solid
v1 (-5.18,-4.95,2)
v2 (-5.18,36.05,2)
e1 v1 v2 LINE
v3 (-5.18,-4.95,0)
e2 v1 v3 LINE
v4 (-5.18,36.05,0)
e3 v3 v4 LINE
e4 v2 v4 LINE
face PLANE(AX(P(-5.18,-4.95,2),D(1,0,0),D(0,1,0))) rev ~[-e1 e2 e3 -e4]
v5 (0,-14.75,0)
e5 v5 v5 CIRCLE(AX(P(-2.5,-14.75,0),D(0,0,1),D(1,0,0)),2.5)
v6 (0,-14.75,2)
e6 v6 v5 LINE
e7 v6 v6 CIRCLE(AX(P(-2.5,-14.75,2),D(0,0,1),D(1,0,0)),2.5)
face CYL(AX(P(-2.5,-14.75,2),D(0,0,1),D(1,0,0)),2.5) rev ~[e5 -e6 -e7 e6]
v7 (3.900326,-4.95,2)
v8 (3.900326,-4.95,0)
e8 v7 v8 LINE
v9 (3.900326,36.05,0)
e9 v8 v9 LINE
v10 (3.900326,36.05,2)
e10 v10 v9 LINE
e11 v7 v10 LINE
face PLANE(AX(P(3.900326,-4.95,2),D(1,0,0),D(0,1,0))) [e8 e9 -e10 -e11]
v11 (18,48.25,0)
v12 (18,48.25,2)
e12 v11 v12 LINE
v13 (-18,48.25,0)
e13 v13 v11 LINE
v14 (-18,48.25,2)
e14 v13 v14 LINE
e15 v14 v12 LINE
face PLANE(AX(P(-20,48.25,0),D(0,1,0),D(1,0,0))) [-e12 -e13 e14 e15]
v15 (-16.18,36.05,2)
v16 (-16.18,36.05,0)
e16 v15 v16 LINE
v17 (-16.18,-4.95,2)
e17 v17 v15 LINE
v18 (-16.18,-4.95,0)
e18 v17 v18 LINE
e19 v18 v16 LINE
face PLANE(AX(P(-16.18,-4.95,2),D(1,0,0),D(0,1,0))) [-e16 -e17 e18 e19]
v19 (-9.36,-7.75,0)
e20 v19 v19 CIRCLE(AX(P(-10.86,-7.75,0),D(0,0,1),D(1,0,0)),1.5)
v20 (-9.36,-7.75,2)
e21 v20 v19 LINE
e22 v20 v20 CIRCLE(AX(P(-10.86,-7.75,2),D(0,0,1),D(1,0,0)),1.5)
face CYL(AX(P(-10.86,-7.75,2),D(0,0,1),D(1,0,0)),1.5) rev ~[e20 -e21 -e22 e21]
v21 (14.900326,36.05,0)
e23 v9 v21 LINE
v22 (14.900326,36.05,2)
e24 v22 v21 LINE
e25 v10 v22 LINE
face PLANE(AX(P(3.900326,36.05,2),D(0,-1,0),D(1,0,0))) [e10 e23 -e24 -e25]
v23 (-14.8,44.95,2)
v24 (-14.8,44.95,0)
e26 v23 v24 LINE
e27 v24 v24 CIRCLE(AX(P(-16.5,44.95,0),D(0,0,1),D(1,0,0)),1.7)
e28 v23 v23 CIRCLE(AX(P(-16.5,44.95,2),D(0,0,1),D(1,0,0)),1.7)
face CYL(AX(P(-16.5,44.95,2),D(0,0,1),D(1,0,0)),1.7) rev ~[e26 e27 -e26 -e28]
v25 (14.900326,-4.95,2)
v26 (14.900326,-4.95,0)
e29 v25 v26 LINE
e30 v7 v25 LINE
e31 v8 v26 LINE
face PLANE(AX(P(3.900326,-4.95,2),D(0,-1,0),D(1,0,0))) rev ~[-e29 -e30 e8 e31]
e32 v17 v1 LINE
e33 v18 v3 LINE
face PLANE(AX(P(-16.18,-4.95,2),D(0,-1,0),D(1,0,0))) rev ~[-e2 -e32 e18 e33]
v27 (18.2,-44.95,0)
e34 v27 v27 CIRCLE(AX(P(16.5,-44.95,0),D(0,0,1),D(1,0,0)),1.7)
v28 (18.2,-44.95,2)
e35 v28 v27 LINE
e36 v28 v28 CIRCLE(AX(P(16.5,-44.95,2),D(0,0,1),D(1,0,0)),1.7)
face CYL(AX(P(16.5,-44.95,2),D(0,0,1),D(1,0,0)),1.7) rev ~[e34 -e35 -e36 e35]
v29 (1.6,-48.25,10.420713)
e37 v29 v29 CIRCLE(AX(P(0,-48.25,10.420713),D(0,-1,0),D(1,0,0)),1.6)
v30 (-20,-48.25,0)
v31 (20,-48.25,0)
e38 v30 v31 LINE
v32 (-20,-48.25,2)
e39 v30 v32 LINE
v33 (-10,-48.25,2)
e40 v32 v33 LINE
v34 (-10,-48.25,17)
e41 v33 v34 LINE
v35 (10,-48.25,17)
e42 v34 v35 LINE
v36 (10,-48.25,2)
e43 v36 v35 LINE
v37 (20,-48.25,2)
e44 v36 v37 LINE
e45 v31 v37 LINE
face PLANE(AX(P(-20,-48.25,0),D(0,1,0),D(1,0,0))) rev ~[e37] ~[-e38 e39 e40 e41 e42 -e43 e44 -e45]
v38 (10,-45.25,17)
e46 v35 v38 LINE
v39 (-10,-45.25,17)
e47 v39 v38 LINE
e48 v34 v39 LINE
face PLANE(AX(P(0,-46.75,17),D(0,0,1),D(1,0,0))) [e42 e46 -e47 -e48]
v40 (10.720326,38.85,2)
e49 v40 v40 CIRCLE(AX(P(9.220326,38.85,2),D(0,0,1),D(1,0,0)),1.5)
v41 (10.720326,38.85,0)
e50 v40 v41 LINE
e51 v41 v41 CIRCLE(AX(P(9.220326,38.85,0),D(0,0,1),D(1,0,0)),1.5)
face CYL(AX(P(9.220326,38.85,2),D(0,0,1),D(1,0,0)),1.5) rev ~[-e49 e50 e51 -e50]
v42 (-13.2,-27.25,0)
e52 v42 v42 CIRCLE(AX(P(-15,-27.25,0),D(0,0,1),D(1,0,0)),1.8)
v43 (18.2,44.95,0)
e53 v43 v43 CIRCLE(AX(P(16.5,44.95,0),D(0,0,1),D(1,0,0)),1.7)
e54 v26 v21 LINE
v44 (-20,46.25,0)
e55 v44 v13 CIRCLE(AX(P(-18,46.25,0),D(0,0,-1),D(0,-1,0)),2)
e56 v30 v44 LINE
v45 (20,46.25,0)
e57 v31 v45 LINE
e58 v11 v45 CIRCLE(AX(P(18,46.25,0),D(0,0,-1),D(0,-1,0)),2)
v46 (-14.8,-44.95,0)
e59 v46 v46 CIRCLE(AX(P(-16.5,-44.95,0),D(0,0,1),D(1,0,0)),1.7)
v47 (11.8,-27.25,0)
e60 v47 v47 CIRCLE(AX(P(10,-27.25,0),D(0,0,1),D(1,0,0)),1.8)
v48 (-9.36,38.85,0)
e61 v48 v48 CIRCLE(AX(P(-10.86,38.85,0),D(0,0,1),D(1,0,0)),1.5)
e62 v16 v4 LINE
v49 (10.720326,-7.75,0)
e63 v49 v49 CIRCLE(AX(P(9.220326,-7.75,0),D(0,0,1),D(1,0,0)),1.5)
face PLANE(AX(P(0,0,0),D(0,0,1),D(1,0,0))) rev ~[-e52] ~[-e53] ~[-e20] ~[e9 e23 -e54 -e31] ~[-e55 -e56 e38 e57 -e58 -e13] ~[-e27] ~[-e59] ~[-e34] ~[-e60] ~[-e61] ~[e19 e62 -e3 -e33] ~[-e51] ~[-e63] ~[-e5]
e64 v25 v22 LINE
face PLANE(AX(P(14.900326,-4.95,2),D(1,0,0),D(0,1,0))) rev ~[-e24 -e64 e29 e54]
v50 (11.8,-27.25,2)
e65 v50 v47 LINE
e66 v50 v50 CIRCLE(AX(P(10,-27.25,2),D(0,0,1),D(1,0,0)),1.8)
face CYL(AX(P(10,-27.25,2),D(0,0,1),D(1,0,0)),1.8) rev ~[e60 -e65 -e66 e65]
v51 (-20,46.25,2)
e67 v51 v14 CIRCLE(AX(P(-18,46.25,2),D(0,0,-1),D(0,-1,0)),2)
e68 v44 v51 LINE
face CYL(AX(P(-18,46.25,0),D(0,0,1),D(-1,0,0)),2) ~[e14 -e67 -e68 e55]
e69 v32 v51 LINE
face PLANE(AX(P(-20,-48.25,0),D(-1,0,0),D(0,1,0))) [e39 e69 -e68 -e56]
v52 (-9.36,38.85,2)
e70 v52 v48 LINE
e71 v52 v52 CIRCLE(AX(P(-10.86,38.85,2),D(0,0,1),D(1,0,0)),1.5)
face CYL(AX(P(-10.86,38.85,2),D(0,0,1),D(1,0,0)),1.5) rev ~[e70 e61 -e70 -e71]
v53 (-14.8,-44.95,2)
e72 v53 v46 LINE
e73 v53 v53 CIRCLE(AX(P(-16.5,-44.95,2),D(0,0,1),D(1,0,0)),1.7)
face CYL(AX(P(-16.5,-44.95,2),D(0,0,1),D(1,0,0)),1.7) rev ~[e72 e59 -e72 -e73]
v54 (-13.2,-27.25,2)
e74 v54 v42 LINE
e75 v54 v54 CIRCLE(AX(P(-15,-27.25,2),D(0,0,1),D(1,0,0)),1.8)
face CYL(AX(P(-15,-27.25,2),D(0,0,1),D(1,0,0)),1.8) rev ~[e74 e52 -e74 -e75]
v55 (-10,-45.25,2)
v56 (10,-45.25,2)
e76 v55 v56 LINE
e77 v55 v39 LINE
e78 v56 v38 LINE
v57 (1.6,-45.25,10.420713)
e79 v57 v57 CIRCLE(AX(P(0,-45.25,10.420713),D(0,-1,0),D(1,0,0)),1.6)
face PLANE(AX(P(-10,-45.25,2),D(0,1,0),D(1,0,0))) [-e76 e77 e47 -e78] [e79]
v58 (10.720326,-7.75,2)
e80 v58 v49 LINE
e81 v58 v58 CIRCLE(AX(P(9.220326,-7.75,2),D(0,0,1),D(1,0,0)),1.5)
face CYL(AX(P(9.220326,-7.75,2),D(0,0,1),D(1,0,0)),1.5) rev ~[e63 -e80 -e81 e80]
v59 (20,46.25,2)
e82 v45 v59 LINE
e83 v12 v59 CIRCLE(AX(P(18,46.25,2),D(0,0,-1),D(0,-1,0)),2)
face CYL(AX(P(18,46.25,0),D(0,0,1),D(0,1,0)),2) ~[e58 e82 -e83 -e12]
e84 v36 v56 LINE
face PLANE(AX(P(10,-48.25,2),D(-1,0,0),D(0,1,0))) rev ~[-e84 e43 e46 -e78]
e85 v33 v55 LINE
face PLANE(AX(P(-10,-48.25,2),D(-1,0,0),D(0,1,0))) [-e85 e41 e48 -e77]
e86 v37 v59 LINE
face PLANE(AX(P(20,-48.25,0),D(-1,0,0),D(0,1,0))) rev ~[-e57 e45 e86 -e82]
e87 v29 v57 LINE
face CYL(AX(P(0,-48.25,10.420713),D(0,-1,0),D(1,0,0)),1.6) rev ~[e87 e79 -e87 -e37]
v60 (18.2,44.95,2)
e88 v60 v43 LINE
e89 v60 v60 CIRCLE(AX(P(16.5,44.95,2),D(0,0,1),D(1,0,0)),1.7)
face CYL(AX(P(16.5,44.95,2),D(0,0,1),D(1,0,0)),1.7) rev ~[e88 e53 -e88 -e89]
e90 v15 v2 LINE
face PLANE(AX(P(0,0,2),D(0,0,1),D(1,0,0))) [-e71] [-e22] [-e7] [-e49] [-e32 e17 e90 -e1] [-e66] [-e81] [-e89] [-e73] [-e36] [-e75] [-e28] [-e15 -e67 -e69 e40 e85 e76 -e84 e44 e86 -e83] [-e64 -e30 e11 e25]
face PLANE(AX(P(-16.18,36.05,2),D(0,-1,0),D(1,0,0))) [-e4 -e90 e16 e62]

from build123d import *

# Parameters (mm, degrees)
SKETCH_W        = 40
SKETCH_H        = 96.5
PAD_DEPTH       = 2
SKETCH001_R     = 1.7
SKETCH001_R_2   = 1.5
SKETCH001_R_3   = 2.5
SKETCH001_R_4   = 1.8
SKETCH001_W     = 11
SKETCH001_H     = 41
POCKET_DEPTH    = 5
FILLET_R        = 2
FILLET001_R     = 2
SKETCH004_W     = 20
SKETCH004_H     = 3
PAD002_DEPTH    = 15
SKETCH005_R     = 1.6
POCKET002_DEPTH = 5


with BuildPart() as part:
    # Sketch → Pad (new body)
    with BuildSketch(Plane.XY):
        Rectangle(SKETCH_W, SKETCH_H)
    extrude(amount=PAD_DEPTH)

    # Sketch001 (on Face6 of Pad) → Pocket (cut)
    with BuildSketch(Plane.XY.offset(2)):
        with Locations((-16.5, 44.95)):
            Circle(SKETCH001_R)
        with Locations((16.5, 44.95)):
            Circle(SKETCH001_R)
        with Locations((-16.5, -44.95)):
            Circle(SKETCH001_R)
        with Locations((16.5, -44.95)):
            Circle(SKETCH001_R)
        with Locations((-10.86, 38.85)):
            Circle(SKETCH001_R_2)
        with Locations((-10.86, -7.75)):
            Circle(SKETCH001_R_2)
        with Locations((-2.5, -14.75)):
            Circle(SKETCH001_R_3)
        with Locations((-15, -27.25)):
            Circle(SKETCH001_R_4)
        with Locations((10, -27.25)):
            Circle(SKETCH001_R_4)
        with Locations((9.220326, 38.85)):
            Circle(SKETCH001_R_2)
        with Locations((9.220326, -7.75)):
            Circle(SKETCH001_R_2)
        with Locations((-10.68, 15.55)):
            Rectangle(SKETCH001_W, SKETCH001_H)
        with Locations((9.400326, 15.55)):
            Rectangle(SKETCH001_W, SKETCH001_H)
    extrude(amount=-POCKET_DEPTH, mode=Mode.SUBTRACT)

    # Fillet
    fillet_edges = [part.edges().sort_by_distance(p)[0] for p in [
        (-20, 48.25, 1),
    ]]
    fillet(fillet_edges, radius=FILLET_R)

    # Fillet001
    fillet001_edges = [part.edges().sort_by_distance(p)[0] for p in [
        (20, 48.25, 1),
    ]]
    fillet(fillet001_edges, radius=FILLET001_R)

    # Sketch004 → Pad002 (join)
    with BuildSketch(Plane.XY.offset(2)):
        with Locations((0, -46.75)):
            Rectangle(SKETCH004_W, SKETCH004_H)
    extrude(amount=PAD002_DEPTH)

    # Sketch005 (on Face40 of Pad002) → Pocket002 (cut)
    with BuildSketch(Plane.XZ.offset(48.25)):
        with Locations((0, 10.420713)):
            Circle(SKETCH005_R)
    extrude(amount=-POCKET002_DEPTH, mode=Mode.SUBTRACT)


solid = part.part
